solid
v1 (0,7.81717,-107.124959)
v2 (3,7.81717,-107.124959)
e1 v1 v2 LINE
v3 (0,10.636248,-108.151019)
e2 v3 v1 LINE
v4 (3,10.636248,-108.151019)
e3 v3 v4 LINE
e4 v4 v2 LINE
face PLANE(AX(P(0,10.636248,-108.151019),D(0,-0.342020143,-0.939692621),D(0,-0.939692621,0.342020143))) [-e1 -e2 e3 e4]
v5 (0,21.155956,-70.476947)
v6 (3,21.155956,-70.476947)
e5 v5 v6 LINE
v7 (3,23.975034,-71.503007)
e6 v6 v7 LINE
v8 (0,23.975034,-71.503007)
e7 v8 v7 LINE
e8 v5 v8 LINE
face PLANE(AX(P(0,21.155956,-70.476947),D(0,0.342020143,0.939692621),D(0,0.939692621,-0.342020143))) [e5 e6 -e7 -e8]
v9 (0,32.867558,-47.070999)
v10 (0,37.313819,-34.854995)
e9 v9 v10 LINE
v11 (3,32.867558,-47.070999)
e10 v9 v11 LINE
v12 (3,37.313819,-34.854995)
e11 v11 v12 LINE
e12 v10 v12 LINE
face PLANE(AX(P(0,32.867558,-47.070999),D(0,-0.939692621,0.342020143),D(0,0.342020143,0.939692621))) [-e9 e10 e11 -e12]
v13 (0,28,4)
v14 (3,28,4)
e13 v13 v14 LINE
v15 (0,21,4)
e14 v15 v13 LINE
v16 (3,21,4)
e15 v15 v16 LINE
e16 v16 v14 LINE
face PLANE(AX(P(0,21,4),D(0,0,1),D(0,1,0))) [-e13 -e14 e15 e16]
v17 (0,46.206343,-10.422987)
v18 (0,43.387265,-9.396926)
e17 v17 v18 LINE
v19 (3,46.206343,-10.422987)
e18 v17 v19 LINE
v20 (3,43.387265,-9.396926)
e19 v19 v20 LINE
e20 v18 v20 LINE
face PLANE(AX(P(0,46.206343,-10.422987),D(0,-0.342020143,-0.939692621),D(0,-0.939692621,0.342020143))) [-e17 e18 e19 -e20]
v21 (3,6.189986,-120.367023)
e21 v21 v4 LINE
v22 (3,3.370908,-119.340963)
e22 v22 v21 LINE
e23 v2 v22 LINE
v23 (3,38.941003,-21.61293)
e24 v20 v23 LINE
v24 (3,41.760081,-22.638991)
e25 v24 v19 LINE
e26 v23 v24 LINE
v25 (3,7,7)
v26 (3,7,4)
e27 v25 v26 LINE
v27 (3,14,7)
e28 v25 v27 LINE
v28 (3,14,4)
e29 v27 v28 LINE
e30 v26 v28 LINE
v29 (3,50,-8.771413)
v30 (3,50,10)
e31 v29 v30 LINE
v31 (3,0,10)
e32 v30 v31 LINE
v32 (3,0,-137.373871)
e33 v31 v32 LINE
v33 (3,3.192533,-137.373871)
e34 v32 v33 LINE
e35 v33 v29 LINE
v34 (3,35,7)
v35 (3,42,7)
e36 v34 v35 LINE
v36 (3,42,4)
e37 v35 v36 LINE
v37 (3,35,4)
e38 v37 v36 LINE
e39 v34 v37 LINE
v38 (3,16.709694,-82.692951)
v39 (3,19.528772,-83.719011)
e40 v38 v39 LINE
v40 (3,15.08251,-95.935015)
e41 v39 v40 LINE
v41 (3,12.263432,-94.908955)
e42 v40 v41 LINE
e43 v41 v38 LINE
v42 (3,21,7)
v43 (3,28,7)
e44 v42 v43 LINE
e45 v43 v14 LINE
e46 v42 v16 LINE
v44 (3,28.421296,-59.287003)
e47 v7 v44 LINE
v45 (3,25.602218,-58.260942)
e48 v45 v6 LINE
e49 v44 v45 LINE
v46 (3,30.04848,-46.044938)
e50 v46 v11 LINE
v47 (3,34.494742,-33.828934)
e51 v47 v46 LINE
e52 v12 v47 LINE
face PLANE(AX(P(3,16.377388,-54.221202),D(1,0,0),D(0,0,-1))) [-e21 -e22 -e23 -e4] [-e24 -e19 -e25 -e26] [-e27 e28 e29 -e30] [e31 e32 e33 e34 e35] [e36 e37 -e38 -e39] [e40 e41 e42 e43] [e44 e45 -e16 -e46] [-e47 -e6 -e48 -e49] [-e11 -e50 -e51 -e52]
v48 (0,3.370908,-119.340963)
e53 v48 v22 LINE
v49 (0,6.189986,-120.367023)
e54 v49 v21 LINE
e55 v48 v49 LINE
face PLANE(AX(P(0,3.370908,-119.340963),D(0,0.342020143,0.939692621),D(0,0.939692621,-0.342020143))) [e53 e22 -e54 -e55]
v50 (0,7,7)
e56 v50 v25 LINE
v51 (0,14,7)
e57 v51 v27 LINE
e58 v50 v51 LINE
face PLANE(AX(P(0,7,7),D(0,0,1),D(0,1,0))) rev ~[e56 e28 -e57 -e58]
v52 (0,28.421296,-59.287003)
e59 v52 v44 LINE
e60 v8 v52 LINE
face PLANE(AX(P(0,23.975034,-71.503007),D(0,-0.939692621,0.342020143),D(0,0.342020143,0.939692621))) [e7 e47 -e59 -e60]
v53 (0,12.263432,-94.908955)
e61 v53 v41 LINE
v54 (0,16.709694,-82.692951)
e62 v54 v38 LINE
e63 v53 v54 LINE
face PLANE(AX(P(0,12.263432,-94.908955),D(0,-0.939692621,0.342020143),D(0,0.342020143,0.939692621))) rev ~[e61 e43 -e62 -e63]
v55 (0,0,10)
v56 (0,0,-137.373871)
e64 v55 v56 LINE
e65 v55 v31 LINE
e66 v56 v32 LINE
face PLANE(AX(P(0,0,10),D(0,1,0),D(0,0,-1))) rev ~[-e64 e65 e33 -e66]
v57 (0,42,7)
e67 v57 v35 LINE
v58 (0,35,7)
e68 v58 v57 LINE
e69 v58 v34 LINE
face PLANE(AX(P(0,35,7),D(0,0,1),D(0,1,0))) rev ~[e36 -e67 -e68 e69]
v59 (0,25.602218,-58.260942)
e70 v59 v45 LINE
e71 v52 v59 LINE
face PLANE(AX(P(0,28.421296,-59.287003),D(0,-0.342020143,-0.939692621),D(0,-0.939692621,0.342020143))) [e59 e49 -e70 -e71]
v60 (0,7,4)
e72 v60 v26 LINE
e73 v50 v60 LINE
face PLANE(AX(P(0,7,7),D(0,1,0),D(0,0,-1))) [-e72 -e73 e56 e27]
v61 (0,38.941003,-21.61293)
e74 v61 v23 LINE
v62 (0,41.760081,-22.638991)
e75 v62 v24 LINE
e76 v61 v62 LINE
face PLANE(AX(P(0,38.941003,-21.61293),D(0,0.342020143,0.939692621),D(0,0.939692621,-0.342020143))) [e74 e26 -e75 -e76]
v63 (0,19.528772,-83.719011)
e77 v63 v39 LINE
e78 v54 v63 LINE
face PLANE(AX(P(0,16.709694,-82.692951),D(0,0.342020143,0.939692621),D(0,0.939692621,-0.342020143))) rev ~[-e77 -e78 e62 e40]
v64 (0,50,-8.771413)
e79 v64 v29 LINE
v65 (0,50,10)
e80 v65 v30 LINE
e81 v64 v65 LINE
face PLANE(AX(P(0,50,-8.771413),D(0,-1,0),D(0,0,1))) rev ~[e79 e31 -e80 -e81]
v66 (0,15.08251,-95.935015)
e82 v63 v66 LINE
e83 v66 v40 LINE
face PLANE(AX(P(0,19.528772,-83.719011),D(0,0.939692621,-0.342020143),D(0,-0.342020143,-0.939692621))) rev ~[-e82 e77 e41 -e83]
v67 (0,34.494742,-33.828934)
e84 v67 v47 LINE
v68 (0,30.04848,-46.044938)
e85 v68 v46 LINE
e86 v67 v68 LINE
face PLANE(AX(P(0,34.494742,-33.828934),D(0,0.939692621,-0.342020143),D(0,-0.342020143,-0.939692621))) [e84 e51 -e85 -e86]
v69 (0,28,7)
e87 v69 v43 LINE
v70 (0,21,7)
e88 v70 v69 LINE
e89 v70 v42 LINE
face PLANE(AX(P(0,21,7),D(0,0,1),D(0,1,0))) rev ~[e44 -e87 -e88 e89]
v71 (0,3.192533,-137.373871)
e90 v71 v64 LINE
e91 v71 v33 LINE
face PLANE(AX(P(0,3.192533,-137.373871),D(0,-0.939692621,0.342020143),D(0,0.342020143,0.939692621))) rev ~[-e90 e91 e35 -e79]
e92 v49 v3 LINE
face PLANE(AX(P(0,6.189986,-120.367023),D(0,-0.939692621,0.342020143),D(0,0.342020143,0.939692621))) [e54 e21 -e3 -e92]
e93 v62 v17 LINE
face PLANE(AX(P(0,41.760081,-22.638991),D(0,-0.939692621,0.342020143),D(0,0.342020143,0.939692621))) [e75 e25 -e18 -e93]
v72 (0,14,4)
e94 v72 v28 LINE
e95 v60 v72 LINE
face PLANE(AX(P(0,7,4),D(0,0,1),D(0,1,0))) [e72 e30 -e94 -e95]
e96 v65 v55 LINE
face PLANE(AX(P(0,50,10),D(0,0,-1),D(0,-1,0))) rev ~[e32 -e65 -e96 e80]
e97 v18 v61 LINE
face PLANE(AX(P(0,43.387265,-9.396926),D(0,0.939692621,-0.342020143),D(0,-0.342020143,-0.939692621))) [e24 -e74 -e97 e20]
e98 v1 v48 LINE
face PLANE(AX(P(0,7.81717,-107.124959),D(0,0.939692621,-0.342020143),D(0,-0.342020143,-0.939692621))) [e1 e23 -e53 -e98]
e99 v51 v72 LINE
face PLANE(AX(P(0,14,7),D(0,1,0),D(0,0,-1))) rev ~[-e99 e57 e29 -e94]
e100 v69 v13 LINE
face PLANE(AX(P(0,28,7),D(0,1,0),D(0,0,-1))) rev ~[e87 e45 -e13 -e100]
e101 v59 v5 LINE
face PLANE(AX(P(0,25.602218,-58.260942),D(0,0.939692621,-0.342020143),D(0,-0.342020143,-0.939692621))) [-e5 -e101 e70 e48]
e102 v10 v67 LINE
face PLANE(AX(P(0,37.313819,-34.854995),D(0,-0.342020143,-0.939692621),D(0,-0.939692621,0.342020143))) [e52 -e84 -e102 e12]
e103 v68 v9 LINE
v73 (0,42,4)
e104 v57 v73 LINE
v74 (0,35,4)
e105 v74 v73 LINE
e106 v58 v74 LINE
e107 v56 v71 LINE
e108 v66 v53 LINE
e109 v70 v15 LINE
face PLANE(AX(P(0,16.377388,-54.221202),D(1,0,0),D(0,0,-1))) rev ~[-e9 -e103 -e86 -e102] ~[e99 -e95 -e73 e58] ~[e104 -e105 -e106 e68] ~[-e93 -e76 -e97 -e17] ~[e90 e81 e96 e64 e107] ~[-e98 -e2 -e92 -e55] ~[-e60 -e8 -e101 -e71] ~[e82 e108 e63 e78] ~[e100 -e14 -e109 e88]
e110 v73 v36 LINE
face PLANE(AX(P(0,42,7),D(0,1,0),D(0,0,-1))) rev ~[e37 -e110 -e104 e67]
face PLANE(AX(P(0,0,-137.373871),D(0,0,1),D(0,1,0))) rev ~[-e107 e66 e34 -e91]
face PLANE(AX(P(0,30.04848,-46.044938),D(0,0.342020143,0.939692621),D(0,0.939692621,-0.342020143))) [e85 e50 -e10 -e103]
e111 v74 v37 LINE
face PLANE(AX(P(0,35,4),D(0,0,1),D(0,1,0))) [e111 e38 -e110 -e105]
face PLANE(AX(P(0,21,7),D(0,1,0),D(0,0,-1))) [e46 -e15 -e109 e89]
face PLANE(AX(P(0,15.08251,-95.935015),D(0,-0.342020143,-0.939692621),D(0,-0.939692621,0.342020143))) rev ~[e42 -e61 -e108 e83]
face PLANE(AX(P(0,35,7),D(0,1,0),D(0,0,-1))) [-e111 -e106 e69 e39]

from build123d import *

# Parameters (mm, degrees)
SKETCH1_W           = 3
SKETCH1_H           = 7
BOSS_EXTRUDE1_DEPTH = 3


with BuildPart() as part:
    # Sketch1 → Boss-Extrude1 (new body)
    with BuildSketch(Plane(origin=(0, 0, 0), x_dir=(0, 0, -1), z_dir=(1, 0, 0))):
        Polygon((0, 50), (-10, 50), (-10, 0), (137.373870973, 0), (137.373870973, 3.192533317), (8.7714132, 50), align=None)
        Polygon((10.422986638, 46.206343112), (9.396926208, 43.387265249), (21.612930278, 38.941003386), (22.638990708, 41.760081248), align=None, mode=Mode.SUBTRACT)
        Polygon((34.854994778, 37.313819385), (33.828934348, 34.494741523), (46.044938419, 30.04847966), (47.070998848, 32.867557522), align=None, mode=Mode.SUBTRACT)
        Polygon((119.34096284, 3.37090848), (120.36702327, 6.189986343), (108.1510192, 10.636248206), (107.12495877, 7.817170343), align=None, mode=Mode.SUBTRACT)
        Polygon((95.935015129, 15.082510069), (94.908954699, 12.263432207), (82.692950629, 16.70969407), (83.719011059, 19.528771932), align=None, mode=Mode.SUBTRACT)
        Polygon((59.287002919, 28.421295659), (58.260942489, 25.602217796), (70.476946559, 21.155955933), (71.503006989, 23.975033796), align=None, mode=Mode.SUBTRACT)
        with Locations((-5.5, 38.5)):
            Rectangle(SKETCH1_W, SKETCH1_H, mode=Mode.SUBTRACT)
        with Locations((-5.5, 24.5)):
            Rectangle(SKETCH1_W, SKETCH1_H, mode=Mode.SUBTRACT)
        with Locations((-5.5, 10.5)):
            Rectangle(SKETCH1_W, SKETCH1_H, mode=Mode.SUBTRACT)
    extrude(amount=BOSS_EXTRUDE1_DEPTH)


solid = part.part
